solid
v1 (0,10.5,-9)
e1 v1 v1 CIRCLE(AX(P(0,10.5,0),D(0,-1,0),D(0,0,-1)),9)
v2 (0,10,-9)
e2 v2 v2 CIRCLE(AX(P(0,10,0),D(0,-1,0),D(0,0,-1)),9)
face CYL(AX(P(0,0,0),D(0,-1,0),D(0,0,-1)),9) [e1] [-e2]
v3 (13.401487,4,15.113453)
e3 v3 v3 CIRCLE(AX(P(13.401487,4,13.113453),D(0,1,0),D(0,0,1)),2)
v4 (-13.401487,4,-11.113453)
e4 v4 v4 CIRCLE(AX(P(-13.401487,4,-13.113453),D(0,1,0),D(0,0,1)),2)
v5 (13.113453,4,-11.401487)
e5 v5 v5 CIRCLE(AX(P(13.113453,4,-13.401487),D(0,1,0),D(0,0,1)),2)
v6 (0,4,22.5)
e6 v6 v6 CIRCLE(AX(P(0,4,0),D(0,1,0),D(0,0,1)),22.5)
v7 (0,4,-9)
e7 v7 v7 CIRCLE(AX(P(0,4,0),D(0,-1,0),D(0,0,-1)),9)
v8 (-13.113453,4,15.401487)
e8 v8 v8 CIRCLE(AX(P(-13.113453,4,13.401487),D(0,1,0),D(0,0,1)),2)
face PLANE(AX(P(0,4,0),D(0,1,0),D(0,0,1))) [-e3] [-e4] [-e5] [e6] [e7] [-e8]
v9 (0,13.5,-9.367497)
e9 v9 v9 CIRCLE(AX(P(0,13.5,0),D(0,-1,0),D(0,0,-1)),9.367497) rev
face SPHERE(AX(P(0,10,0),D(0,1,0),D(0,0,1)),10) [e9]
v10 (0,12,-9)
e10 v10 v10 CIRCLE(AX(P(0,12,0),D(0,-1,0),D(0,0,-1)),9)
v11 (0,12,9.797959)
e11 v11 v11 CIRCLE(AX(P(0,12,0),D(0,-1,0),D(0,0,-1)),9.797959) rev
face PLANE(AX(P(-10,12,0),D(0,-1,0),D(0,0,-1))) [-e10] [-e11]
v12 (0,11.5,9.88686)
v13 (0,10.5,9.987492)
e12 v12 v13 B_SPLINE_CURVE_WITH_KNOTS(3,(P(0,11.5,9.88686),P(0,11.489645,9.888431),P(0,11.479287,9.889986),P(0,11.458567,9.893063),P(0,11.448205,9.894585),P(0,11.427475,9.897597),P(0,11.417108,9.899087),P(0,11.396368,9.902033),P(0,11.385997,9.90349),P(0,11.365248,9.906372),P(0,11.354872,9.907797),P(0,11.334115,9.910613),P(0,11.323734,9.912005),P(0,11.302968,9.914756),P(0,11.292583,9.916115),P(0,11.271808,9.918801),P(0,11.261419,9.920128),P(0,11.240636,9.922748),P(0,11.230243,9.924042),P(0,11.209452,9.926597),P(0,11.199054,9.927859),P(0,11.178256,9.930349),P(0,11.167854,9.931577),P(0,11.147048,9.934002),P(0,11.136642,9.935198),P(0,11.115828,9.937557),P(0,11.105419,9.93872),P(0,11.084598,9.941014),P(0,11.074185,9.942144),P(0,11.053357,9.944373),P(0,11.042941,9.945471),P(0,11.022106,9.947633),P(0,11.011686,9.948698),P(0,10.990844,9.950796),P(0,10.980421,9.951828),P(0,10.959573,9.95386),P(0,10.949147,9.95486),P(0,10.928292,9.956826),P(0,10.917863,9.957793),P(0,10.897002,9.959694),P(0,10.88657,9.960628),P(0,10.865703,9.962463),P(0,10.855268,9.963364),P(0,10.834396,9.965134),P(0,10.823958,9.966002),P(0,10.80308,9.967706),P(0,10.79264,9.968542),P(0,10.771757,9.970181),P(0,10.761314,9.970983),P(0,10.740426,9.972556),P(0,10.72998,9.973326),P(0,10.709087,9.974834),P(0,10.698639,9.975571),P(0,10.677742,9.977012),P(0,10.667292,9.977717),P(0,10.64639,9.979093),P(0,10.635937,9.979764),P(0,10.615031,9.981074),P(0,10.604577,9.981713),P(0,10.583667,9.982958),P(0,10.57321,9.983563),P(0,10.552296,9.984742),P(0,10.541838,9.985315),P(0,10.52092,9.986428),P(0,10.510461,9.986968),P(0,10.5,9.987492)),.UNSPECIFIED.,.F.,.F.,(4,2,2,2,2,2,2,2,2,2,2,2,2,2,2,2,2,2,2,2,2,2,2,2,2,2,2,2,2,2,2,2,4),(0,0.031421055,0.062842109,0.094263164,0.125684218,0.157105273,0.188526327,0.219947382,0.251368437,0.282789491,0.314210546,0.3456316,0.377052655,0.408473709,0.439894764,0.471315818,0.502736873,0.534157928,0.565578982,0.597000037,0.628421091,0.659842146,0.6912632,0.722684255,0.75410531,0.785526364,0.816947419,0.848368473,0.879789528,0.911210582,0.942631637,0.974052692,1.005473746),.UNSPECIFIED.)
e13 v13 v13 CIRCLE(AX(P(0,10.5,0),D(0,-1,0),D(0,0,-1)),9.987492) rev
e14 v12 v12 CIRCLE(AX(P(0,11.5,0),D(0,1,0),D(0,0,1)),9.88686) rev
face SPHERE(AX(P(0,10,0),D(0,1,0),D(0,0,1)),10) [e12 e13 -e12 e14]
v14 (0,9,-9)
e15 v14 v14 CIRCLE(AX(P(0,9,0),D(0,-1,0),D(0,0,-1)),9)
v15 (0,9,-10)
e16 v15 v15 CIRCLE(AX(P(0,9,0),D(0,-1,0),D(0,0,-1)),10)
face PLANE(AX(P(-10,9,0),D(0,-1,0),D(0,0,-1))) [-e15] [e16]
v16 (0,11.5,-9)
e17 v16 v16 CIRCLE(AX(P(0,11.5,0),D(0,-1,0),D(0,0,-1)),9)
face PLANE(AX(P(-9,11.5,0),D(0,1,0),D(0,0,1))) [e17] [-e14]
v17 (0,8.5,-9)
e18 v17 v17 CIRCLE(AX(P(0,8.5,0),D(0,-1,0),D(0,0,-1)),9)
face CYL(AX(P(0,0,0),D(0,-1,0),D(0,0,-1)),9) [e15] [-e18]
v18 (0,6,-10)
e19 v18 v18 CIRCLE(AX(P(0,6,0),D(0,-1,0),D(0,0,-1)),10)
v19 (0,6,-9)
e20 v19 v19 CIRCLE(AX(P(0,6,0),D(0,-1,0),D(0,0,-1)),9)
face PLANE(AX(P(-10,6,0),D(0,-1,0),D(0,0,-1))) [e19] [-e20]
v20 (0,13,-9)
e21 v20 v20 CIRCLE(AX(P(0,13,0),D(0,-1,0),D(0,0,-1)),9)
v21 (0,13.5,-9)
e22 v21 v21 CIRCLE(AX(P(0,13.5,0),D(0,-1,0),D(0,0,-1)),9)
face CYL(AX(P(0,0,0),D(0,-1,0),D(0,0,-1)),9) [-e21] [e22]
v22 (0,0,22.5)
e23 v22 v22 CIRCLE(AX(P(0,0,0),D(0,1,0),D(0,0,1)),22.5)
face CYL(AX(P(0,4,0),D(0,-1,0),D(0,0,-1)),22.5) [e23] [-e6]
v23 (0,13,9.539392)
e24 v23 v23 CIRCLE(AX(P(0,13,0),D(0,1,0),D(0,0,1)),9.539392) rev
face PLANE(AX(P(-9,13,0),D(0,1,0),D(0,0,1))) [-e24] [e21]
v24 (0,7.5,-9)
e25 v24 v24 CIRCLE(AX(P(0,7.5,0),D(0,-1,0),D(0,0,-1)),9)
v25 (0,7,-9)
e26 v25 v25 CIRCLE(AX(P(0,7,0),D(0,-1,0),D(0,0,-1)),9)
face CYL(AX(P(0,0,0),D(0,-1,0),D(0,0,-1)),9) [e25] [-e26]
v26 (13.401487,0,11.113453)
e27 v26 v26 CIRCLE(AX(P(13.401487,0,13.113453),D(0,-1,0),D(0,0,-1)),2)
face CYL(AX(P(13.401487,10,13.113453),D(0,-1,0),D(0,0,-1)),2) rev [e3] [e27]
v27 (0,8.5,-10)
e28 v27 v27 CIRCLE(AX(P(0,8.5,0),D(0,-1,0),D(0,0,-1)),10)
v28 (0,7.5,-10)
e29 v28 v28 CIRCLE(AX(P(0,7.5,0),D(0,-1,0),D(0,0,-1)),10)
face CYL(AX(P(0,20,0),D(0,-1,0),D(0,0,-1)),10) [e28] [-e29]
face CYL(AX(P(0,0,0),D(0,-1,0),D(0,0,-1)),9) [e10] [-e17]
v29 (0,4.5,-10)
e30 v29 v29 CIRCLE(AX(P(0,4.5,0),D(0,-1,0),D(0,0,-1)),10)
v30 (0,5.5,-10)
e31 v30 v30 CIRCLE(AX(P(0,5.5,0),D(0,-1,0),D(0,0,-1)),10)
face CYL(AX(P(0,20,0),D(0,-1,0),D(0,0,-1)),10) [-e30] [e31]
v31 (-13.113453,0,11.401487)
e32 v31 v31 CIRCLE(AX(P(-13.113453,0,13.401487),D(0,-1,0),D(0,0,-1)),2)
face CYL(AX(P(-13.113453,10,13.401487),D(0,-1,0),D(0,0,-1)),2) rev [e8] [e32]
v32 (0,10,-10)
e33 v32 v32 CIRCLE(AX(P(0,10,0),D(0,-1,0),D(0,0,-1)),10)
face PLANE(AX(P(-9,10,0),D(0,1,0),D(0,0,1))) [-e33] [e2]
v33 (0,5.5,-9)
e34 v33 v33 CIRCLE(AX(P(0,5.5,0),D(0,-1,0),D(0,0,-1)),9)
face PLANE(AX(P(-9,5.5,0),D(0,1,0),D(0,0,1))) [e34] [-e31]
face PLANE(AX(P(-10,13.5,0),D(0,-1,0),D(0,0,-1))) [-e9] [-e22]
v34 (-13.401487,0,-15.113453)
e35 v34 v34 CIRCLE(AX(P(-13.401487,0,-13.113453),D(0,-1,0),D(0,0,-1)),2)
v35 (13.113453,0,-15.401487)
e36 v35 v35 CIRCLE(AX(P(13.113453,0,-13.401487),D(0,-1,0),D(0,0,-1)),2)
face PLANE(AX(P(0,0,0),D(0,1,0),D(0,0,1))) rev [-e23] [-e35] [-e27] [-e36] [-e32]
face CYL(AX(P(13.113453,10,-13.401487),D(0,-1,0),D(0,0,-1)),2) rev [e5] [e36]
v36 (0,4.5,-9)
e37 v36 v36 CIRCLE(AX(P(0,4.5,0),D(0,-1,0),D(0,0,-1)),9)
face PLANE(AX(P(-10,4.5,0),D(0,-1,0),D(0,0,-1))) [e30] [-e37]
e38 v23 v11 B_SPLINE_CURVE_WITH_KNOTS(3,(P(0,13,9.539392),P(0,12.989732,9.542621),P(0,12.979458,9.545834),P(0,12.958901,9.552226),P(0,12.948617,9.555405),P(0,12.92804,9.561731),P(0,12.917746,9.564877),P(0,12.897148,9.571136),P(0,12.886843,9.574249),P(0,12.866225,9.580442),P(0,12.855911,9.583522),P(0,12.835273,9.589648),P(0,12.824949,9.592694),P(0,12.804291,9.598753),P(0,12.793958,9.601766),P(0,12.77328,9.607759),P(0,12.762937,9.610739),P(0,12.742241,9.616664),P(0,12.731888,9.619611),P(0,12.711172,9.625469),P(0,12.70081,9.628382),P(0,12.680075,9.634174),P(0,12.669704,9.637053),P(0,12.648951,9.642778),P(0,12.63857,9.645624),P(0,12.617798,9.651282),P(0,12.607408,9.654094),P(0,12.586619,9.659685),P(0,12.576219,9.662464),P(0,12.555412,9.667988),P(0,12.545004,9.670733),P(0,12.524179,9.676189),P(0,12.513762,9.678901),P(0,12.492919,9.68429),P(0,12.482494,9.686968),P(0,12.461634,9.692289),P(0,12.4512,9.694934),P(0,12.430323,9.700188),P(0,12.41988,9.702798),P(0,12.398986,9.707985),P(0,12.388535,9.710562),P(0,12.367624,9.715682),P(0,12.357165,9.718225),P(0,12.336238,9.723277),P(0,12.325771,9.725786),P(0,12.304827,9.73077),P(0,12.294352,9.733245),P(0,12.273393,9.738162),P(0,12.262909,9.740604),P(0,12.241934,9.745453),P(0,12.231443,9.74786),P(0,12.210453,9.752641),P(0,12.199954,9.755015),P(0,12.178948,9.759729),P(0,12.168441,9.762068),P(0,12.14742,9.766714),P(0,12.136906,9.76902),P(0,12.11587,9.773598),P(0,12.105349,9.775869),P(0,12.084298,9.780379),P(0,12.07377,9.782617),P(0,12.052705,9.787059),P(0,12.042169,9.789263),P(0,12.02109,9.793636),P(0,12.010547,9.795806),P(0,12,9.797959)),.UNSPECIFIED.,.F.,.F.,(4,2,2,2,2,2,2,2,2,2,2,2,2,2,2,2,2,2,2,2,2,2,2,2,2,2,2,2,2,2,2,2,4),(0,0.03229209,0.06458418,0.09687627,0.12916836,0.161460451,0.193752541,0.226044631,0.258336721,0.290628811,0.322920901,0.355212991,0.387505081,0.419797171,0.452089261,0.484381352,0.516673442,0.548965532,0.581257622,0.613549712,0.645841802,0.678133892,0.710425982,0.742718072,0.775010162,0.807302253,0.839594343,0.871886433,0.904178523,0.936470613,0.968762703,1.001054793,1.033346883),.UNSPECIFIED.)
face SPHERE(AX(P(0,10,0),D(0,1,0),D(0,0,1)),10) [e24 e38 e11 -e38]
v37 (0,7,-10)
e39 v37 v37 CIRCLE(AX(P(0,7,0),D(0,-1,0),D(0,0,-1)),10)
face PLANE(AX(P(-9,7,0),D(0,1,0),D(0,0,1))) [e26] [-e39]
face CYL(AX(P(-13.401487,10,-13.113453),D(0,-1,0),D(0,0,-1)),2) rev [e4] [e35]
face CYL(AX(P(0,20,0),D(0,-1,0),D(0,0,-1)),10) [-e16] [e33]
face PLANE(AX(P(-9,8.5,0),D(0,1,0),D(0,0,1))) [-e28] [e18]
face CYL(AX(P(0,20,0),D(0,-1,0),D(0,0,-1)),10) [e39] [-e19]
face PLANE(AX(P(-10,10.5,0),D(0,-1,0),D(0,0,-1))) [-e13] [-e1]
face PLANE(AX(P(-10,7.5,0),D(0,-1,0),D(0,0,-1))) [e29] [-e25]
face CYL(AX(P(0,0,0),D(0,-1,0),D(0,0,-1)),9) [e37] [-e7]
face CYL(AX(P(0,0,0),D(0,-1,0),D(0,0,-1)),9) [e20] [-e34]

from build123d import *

# Parameters (mm, degrees)
SKETCH_1_R          = 22.5
EXTRUDE_1_DEPTH     = 4
SKETCH_2_R          = 10
EXTRUDE_2_DEPTH     = 16
FILLET_1_R          = 10
SKETCH_3_R          = 2
CUT_EXTRUDE_1_DEPTH = 10
SKETCH_4_W          = 1
SKETCH_4_H          = 0.5


with BuildPart() as part:
    # 草图1 → 凸台-拉伸1 (new body)
    with BuildSketch(Plane(origin=(0, 0, 0), x_dir=(1, 0, 0), z_dir=(0, 1, 0))):
        Circle(SKETCH_1_R)
    extrude(amount=EXTRUDE_1_DEPTH)

    # 草图2 → 凸台-拉伸2 (add)
    with BuildSketch(Plane(origin=(0, 4, 0), x_dir=(1, 0, 0), z_dir=(0, 1, 0))):
        Circle(SKETCH_2_R)
    extrude(amount=EXTRUDE_2_DEPTH)

    # 圆角1
    fillet_1_edges = [part.edges().sort_by_distance(p)[0] for p in [
        (-10, 20, 0),
    ]]
    fillet(fillet_1_edges, radius=FILLET_1_R)

    # 草图3 → 切除-拉伸1 (cut)
    with BuildSketch(Plane.XZ):
        with Locations((-13.113453203, 13.401486674)):
            Circle(SKETCH_3_R)
        with Locations((-13.401486674, -13.113453203)):
            Circle(SKETCH_3_R)
        with Locations((13.113453203, -13.401486674)):
            Circle(SKETCH_3_R)
        with Locations((13.401486674, 13.113453203)):
            Circle(SKETCH_3_R)
    extrude(amount=-CUT_EXTRUDE_1_DEPTH, mode=Mode.SUBTRACT)

    # 草图4 → 切除-旋转1 (revolve, cut)
    with BuildSketch(Plane.XY):
        with Locations((-9.5, 4.25)):
            Rectangle(SKETCH_4_W, SKETCH_4_H)
        with Locations((-9.5, 5.75)):
            Rectangle(SKETCH_4_W, SKETCH_4_H)
        with Locations((-9.5, 7.25)):
            Rectangle(SKETCH_4_W, SKETCH_4_H)
        with Locations((-9.5, 8.75)):
            Rectangle(SKETCH_4_W, SKETCH_4_H)
        with Locations((-9.5, 10.25)):
            Rectangle(SKETCH_4_W, SKETCH_4_H)
        with Locations((-9.5, 11.75)):
            Rectangle(SKETCH_4_W, SKETCH_4_H)
        with Locations((-9.5, 13.25)):
            Rectangle(SKETCH_4_W, SKETCH_4_H)
        with Locations((-9.5, 14.75)):
            Rectangle(SKETCH_4_W, SKETCH_4_H)
        with Locations((-9.5, 16.25)):
            Rectangle(SKETCH_4_W, SKETCH_4_H)
        with Locations((-9.5, 17.75)):
            Rectangle(SKETCH_4_W, SKETCH_4_H)
        with Locations((-9.5, 19.25)):
            Rectangle(SKETCH_4_W, SKETCH_4_H)
    revolve(axis=Axis((0, 0, 0), (0, 1, 0)), mode=Mode.SUBTRACT)


solid = part.part
